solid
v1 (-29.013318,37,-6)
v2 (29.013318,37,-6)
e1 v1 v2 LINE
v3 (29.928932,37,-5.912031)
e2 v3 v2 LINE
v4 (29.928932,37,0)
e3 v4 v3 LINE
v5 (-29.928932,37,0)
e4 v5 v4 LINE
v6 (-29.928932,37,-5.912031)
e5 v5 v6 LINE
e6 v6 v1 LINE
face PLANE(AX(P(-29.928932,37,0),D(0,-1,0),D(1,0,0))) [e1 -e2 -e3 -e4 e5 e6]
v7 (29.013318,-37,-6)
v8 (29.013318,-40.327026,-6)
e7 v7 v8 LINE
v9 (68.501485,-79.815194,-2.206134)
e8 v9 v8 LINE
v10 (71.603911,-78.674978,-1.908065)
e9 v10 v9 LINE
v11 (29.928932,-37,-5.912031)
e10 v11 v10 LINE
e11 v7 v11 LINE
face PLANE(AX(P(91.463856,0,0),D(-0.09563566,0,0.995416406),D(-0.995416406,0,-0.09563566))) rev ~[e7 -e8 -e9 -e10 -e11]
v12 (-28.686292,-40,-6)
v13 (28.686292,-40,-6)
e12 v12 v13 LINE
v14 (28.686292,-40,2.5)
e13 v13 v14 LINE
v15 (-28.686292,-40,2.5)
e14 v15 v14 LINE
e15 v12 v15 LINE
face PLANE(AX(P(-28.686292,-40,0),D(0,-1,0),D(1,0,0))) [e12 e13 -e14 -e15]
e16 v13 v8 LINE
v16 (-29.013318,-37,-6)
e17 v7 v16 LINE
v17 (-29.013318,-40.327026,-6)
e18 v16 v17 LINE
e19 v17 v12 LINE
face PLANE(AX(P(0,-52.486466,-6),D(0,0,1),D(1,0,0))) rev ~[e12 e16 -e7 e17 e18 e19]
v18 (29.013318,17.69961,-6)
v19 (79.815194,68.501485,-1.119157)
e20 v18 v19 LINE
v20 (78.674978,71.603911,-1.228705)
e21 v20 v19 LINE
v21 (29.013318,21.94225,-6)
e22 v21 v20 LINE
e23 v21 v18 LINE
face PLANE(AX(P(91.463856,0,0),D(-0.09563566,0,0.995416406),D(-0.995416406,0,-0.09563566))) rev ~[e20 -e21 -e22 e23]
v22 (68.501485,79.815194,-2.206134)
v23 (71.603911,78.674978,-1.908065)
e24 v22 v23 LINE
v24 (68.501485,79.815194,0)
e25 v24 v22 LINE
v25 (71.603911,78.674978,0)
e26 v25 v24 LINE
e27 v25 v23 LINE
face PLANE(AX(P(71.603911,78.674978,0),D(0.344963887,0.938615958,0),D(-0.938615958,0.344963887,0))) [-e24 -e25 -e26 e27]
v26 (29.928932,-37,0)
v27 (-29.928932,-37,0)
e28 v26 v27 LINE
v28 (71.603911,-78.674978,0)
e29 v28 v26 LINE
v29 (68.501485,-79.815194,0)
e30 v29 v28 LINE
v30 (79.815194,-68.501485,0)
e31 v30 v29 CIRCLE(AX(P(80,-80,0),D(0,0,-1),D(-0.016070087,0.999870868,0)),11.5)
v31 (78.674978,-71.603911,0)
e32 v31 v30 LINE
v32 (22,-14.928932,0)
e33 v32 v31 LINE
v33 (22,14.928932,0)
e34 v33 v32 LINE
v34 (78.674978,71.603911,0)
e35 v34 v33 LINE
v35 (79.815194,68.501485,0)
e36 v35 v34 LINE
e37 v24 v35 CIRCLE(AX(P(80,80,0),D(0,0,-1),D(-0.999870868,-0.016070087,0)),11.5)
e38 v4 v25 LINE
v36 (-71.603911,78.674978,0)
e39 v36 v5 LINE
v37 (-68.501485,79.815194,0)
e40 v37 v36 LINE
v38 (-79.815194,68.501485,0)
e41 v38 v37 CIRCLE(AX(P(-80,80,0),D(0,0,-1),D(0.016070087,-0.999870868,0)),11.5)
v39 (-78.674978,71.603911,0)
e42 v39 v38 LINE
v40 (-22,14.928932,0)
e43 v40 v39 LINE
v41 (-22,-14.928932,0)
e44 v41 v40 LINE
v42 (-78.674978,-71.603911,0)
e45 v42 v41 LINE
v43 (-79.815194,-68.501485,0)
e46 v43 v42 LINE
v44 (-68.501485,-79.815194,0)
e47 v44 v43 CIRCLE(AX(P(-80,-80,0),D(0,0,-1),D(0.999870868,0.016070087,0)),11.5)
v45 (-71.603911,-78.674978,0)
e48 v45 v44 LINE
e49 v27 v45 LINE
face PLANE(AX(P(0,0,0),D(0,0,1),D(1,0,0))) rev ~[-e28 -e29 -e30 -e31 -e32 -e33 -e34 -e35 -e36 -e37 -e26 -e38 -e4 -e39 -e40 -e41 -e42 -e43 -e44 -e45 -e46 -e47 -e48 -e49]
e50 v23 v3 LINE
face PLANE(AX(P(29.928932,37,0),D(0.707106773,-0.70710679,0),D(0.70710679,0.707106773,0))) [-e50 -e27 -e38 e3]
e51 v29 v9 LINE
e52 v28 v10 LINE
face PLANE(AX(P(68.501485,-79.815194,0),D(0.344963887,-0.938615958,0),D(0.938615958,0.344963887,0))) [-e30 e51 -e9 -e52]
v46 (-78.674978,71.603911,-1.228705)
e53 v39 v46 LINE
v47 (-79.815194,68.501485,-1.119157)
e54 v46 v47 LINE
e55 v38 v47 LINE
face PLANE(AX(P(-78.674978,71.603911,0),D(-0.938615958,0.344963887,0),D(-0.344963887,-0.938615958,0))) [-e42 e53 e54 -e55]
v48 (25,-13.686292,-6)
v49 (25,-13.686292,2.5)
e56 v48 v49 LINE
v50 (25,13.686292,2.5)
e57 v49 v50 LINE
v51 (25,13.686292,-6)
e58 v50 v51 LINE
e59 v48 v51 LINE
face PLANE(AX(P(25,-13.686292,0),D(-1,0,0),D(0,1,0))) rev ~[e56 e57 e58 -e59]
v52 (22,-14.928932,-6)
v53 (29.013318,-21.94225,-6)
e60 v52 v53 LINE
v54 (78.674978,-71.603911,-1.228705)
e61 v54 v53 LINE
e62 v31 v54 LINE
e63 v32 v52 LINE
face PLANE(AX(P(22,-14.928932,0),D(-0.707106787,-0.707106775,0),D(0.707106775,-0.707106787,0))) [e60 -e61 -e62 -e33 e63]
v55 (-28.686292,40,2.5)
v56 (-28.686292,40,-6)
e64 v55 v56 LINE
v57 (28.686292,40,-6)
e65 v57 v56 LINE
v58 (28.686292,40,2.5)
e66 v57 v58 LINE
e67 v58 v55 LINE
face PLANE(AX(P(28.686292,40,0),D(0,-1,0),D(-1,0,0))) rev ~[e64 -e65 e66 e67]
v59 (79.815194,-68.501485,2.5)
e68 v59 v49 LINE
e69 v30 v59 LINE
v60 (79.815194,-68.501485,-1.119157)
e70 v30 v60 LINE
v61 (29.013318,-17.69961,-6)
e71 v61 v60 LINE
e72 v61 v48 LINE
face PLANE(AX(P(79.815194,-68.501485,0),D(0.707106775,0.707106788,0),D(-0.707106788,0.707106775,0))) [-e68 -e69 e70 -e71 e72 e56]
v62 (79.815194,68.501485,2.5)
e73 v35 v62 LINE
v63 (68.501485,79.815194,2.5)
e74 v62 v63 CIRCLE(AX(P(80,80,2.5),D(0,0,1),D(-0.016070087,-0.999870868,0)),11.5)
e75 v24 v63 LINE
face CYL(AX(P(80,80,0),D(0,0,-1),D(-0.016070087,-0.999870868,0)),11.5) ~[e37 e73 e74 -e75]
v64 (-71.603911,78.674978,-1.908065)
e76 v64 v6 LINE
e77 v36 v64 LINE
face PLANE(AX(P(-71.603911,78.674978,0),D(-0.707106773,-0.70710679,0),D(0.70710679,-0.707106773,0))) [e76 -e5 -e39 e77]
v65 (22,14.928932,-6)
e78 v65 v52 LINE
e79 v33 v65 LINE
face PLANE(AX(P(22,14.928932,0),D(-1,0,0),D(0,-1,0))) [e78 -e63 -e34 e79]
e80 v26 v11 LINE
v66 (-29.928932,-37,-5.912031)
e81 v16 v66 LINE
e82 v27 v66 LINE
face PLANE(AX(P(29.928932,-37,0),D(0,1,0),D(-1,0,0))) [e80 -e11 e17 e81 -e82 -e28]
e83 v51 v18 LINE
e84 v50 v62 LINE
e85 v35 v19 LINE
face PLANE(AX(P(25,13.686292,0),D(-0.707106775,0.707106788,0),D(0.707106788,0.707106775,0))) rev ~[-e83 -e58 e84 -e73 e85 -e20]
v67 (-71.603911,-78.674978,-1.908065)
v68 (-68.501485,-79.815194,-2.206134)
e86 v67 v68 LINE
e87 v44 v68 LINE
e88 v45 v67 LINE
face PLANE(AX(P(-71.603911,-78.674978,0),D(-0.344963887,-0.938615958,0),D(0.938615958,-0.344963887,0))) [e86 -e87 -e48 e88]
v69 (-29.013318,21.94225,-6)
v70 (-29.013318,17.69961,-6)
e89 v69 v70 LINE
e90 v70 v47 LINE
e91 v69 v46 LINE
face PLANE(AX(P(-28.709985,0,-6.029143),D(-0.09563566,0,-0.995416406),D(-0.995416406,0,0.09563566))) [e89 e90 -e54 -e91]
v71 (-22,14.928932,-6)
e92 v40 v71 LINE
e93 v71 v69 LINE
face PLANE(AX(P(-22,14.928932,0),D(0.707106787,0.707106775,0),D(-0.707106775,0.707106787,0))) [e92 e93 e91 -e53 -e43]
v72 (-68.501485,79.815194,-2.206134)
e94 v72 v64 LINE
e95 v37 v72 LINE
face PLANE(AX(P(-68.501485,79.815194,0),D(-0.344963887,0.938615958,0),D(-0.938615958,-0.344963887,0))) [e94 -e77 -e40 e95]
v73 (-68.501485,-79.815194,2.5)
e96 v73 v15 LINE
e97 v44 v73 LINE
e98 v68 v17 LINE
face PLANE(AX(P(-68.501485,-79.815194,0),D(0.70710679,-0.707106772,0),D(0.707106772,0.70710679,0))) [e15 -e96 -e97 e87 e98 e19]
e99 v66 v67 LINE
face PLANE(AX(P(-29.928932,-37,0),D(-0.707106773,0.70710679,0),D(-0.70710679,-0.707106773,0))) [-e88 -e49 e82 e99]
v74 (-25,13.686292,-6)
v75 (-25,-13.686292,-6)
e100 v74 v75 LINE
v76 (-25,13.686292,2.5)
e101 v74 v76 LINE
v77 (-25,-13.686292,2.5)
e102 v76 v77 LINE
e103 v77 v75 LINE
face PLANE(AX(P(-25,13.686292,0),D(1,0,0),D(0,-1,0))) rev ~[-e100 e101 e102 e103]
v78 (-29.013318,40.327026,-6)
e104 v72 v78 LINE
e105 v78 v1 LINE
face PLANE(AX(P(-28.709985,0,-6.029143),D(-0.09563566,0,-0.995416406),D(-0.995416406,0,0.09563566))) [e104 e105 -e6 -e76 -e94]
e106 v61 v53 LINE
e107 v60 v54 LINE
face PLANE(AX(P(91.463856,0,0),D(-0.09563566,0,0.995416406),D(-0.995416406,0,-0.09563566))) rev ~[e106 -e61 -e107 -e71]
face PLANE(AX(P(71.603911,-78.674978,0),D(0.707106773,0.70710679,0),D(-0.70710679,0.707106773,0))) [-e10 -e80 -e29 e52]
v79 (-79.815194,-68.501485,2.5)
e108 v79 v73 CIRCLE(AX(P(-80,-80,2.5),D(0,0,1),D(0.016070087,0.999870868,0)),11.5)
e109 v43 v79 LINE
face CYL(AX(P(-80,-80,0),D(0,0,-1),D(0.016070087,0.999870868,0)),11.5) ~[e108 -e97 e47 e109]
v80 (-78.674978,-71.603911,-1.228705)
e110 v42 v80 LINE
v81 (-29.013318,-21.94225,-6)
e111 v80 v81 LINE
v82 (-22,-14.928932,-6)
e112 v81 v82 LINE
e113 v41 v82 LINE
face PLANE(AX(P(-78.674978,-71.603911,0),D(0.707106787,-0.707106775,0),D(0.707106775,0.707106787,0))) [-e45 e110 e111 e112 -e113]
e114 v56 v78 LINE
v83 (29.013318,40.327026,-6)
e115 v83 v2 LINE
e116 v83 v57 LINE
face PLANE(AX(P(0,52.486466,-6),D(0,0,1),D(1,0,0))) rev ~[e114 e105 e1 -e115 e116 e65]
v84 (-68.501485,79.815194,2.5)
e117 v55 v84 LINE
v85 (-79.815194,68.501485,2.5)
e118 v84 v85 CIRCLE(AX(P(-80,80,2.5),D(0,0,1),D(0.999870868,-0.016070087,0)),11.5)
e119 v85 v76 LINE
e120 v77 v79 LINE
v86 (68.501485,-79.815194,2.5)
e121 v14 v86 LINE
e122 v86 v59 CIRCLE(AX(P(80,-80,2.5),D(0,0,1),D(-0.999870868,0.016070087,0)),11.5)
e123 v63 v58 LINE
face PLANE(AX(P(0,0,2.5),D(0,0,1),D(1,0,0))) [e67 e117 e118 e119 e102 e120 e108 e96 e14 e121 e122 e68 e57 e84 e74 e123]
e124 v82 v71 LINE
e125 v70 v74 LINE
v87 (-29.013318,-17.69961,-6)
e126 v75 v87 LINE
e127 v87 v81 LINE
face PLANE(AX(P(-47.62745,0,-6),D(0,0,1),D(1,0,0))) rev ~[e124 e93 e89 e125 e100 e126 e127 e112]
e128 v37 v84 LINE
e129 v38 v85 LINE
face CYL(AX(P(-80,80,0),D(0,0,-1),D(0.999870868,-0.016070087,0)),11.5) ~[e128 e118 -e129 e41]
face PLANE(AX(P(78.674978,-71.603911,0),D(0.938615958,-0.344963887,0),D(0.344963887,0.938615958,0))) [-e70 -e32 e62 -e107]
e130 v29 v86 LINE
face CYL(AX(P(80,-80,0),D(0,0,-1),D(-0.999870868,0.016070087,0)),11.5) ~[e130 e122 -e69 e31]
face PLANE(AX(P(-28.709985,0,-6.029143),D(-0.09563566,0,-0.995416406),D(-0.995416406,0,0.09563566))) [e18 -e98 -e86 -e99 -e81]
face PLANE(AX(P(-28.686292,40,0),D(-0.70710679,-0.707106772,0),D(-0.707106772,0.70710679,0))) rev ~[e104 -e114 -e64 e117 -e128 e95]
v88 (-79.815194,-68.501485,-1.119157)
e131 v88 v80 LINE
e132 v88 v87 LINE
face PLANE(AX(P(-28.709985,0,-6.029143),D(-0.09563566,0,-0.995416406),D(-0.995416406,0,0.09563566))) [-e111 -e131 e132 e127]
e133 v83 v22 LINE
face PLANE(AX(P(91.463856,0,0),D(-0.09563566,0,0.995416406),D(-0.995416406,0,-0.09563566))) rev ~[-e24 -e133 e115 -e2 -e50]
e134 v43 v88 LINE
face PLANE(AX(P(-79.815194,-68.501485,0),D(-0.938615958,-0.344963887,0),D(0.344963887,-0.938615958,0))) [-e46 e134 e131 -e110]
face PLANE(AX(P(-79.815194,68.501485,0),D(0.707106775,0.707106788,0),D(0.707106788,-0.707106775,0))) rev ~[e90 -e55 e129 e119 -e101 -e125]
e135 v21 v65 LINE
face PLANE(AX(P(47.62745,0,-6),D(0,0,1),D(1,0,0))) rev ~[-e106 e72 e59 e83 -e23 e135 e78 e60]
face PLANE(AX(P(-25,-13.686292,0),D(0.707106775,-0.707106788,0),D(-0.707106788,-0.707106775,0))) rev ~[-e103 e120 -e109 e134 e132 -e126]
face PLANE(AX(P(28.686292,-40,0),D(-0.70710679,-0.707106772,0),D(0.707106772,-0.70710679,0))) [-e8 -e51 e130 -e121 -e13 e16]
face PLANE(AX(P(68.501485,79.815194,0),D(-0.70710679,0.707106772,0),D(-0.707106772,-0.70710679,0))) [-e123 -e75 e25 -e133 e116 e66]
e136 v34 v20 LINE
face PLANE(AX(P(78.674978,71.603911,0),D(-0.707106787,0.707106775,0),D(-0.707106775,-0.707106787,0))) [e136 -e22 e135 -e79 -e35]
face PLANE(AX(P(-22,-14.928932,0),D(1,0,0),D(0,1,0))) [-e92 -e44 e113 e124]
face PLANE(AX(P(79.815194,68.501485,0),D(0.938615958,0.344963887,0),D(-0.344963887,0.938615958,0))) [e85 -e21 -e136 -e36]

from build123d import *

# Parameters (mm, degrees)
F1_DEPTH = 2.5
F3_DEPTH = 6
F5_DEPTH = 100


with BuildPart() as f1:
    # F0 (on Top) → F1 (new body)
    with BuildSketch(Plane.XY):
        with BuildLine():
            Line((-79.815194, 68.501485), (-25, 13.686292))
            Line((-25, 13.686292), (-25, -13.686292))
            Line((-25, -13.686292), (-79.815194, -68.501485))
            ThreePointArc((-79.815194, -68.501485), (-88.131728, -88.131728), (-68.501485, -79.815194))
            Line((-68.501485, -79.815194), (-28.686292, -40))
            Line((-28.686292, -40), (28.686292, -40))
            Line((28.686292, -40), (68.501485, -79.815194))
            ThreePointArc((68.501485, -79.815194), (88.131728, -88.131728), (79.815194, -68.501485))
            Line((79.815194, -68.501485), (25, -13.686292))
            Line((25, -13.686292), (25, 13.686292))
            Line((25, 13.686292), (79.815194, 68.501485))
            ThreePointArc((79.815194, 68.501485), (88.131728, 88.131728), (68.501485, 79.815194))
            Line((68.501485, 79.815194), (28.686292, 40))
            Line((28.686292, 40), (-28.686292, 40))
            Line((-28.686292, 40), (-68.501485, 79.815194))
            ThreePointArc((-68.501485, 79.815194), (-88.131728, 88.131728), (-79.815194, 68.501485))
        make_face()
    extrude(amount=F1_DEPTH)

    # F2 (on Top) → F3 (join)
    with BuildSketch(Plane.XY):
        Polygon((-29.928932, -37), (-71.603911, -78.674978), (-68.501485, -79.815194), (-28.686292, -40), (28.686292, -40), (68.501485, -79.815194), (71.603911, -78.674978), (29.928932, -37), align=None)
        Polygon((-78.674978, -71.603911), (-22, -14.928932), (-22, 14.928932), (-78.674978, 71.603911), (-79.815194, 68.501485), (-25, 13.686292), (-25, -13.686292), (-79.815194, -68.501485), align=None)
        Polygon((22, 14.928932), (22, -14.928932), (78.674978, -71.603911), (79.815194, -68.501485), (25, -13.686292), (25, 13.686292), (79.815194, 68.501485), (78.674978, 71.603911), align=None)
        Polygon((29.928932, 37), (71.603911, 78.674978), (68.501485, 79.815194), (28.686292, 40), (-28.686292, 40), (-68.501485, 79.815194), (-71.603911, 78.674978), (-29.928932, 37), align=None)
    extrude(amount=-F3_DEPTH)

    # F4 (on Front) → F5 (cut, symmetric)
    with BuildSketch(Plane.XZ):
        Polygon((-28.709985, -15.796961), (-28.709985, -6.029143), (-91.463856, 0), (-91.463856, -15.796961), align=None)
        Polygon((28.709985, -6.029143), (28.709985, -15.796961), (91.463856, -15.796961), (91.463856, 0), align=None)
    extrude(amount=F5_DEPTH, both=True, mode=Mode.SUBTRACT)


solid = f1.part
